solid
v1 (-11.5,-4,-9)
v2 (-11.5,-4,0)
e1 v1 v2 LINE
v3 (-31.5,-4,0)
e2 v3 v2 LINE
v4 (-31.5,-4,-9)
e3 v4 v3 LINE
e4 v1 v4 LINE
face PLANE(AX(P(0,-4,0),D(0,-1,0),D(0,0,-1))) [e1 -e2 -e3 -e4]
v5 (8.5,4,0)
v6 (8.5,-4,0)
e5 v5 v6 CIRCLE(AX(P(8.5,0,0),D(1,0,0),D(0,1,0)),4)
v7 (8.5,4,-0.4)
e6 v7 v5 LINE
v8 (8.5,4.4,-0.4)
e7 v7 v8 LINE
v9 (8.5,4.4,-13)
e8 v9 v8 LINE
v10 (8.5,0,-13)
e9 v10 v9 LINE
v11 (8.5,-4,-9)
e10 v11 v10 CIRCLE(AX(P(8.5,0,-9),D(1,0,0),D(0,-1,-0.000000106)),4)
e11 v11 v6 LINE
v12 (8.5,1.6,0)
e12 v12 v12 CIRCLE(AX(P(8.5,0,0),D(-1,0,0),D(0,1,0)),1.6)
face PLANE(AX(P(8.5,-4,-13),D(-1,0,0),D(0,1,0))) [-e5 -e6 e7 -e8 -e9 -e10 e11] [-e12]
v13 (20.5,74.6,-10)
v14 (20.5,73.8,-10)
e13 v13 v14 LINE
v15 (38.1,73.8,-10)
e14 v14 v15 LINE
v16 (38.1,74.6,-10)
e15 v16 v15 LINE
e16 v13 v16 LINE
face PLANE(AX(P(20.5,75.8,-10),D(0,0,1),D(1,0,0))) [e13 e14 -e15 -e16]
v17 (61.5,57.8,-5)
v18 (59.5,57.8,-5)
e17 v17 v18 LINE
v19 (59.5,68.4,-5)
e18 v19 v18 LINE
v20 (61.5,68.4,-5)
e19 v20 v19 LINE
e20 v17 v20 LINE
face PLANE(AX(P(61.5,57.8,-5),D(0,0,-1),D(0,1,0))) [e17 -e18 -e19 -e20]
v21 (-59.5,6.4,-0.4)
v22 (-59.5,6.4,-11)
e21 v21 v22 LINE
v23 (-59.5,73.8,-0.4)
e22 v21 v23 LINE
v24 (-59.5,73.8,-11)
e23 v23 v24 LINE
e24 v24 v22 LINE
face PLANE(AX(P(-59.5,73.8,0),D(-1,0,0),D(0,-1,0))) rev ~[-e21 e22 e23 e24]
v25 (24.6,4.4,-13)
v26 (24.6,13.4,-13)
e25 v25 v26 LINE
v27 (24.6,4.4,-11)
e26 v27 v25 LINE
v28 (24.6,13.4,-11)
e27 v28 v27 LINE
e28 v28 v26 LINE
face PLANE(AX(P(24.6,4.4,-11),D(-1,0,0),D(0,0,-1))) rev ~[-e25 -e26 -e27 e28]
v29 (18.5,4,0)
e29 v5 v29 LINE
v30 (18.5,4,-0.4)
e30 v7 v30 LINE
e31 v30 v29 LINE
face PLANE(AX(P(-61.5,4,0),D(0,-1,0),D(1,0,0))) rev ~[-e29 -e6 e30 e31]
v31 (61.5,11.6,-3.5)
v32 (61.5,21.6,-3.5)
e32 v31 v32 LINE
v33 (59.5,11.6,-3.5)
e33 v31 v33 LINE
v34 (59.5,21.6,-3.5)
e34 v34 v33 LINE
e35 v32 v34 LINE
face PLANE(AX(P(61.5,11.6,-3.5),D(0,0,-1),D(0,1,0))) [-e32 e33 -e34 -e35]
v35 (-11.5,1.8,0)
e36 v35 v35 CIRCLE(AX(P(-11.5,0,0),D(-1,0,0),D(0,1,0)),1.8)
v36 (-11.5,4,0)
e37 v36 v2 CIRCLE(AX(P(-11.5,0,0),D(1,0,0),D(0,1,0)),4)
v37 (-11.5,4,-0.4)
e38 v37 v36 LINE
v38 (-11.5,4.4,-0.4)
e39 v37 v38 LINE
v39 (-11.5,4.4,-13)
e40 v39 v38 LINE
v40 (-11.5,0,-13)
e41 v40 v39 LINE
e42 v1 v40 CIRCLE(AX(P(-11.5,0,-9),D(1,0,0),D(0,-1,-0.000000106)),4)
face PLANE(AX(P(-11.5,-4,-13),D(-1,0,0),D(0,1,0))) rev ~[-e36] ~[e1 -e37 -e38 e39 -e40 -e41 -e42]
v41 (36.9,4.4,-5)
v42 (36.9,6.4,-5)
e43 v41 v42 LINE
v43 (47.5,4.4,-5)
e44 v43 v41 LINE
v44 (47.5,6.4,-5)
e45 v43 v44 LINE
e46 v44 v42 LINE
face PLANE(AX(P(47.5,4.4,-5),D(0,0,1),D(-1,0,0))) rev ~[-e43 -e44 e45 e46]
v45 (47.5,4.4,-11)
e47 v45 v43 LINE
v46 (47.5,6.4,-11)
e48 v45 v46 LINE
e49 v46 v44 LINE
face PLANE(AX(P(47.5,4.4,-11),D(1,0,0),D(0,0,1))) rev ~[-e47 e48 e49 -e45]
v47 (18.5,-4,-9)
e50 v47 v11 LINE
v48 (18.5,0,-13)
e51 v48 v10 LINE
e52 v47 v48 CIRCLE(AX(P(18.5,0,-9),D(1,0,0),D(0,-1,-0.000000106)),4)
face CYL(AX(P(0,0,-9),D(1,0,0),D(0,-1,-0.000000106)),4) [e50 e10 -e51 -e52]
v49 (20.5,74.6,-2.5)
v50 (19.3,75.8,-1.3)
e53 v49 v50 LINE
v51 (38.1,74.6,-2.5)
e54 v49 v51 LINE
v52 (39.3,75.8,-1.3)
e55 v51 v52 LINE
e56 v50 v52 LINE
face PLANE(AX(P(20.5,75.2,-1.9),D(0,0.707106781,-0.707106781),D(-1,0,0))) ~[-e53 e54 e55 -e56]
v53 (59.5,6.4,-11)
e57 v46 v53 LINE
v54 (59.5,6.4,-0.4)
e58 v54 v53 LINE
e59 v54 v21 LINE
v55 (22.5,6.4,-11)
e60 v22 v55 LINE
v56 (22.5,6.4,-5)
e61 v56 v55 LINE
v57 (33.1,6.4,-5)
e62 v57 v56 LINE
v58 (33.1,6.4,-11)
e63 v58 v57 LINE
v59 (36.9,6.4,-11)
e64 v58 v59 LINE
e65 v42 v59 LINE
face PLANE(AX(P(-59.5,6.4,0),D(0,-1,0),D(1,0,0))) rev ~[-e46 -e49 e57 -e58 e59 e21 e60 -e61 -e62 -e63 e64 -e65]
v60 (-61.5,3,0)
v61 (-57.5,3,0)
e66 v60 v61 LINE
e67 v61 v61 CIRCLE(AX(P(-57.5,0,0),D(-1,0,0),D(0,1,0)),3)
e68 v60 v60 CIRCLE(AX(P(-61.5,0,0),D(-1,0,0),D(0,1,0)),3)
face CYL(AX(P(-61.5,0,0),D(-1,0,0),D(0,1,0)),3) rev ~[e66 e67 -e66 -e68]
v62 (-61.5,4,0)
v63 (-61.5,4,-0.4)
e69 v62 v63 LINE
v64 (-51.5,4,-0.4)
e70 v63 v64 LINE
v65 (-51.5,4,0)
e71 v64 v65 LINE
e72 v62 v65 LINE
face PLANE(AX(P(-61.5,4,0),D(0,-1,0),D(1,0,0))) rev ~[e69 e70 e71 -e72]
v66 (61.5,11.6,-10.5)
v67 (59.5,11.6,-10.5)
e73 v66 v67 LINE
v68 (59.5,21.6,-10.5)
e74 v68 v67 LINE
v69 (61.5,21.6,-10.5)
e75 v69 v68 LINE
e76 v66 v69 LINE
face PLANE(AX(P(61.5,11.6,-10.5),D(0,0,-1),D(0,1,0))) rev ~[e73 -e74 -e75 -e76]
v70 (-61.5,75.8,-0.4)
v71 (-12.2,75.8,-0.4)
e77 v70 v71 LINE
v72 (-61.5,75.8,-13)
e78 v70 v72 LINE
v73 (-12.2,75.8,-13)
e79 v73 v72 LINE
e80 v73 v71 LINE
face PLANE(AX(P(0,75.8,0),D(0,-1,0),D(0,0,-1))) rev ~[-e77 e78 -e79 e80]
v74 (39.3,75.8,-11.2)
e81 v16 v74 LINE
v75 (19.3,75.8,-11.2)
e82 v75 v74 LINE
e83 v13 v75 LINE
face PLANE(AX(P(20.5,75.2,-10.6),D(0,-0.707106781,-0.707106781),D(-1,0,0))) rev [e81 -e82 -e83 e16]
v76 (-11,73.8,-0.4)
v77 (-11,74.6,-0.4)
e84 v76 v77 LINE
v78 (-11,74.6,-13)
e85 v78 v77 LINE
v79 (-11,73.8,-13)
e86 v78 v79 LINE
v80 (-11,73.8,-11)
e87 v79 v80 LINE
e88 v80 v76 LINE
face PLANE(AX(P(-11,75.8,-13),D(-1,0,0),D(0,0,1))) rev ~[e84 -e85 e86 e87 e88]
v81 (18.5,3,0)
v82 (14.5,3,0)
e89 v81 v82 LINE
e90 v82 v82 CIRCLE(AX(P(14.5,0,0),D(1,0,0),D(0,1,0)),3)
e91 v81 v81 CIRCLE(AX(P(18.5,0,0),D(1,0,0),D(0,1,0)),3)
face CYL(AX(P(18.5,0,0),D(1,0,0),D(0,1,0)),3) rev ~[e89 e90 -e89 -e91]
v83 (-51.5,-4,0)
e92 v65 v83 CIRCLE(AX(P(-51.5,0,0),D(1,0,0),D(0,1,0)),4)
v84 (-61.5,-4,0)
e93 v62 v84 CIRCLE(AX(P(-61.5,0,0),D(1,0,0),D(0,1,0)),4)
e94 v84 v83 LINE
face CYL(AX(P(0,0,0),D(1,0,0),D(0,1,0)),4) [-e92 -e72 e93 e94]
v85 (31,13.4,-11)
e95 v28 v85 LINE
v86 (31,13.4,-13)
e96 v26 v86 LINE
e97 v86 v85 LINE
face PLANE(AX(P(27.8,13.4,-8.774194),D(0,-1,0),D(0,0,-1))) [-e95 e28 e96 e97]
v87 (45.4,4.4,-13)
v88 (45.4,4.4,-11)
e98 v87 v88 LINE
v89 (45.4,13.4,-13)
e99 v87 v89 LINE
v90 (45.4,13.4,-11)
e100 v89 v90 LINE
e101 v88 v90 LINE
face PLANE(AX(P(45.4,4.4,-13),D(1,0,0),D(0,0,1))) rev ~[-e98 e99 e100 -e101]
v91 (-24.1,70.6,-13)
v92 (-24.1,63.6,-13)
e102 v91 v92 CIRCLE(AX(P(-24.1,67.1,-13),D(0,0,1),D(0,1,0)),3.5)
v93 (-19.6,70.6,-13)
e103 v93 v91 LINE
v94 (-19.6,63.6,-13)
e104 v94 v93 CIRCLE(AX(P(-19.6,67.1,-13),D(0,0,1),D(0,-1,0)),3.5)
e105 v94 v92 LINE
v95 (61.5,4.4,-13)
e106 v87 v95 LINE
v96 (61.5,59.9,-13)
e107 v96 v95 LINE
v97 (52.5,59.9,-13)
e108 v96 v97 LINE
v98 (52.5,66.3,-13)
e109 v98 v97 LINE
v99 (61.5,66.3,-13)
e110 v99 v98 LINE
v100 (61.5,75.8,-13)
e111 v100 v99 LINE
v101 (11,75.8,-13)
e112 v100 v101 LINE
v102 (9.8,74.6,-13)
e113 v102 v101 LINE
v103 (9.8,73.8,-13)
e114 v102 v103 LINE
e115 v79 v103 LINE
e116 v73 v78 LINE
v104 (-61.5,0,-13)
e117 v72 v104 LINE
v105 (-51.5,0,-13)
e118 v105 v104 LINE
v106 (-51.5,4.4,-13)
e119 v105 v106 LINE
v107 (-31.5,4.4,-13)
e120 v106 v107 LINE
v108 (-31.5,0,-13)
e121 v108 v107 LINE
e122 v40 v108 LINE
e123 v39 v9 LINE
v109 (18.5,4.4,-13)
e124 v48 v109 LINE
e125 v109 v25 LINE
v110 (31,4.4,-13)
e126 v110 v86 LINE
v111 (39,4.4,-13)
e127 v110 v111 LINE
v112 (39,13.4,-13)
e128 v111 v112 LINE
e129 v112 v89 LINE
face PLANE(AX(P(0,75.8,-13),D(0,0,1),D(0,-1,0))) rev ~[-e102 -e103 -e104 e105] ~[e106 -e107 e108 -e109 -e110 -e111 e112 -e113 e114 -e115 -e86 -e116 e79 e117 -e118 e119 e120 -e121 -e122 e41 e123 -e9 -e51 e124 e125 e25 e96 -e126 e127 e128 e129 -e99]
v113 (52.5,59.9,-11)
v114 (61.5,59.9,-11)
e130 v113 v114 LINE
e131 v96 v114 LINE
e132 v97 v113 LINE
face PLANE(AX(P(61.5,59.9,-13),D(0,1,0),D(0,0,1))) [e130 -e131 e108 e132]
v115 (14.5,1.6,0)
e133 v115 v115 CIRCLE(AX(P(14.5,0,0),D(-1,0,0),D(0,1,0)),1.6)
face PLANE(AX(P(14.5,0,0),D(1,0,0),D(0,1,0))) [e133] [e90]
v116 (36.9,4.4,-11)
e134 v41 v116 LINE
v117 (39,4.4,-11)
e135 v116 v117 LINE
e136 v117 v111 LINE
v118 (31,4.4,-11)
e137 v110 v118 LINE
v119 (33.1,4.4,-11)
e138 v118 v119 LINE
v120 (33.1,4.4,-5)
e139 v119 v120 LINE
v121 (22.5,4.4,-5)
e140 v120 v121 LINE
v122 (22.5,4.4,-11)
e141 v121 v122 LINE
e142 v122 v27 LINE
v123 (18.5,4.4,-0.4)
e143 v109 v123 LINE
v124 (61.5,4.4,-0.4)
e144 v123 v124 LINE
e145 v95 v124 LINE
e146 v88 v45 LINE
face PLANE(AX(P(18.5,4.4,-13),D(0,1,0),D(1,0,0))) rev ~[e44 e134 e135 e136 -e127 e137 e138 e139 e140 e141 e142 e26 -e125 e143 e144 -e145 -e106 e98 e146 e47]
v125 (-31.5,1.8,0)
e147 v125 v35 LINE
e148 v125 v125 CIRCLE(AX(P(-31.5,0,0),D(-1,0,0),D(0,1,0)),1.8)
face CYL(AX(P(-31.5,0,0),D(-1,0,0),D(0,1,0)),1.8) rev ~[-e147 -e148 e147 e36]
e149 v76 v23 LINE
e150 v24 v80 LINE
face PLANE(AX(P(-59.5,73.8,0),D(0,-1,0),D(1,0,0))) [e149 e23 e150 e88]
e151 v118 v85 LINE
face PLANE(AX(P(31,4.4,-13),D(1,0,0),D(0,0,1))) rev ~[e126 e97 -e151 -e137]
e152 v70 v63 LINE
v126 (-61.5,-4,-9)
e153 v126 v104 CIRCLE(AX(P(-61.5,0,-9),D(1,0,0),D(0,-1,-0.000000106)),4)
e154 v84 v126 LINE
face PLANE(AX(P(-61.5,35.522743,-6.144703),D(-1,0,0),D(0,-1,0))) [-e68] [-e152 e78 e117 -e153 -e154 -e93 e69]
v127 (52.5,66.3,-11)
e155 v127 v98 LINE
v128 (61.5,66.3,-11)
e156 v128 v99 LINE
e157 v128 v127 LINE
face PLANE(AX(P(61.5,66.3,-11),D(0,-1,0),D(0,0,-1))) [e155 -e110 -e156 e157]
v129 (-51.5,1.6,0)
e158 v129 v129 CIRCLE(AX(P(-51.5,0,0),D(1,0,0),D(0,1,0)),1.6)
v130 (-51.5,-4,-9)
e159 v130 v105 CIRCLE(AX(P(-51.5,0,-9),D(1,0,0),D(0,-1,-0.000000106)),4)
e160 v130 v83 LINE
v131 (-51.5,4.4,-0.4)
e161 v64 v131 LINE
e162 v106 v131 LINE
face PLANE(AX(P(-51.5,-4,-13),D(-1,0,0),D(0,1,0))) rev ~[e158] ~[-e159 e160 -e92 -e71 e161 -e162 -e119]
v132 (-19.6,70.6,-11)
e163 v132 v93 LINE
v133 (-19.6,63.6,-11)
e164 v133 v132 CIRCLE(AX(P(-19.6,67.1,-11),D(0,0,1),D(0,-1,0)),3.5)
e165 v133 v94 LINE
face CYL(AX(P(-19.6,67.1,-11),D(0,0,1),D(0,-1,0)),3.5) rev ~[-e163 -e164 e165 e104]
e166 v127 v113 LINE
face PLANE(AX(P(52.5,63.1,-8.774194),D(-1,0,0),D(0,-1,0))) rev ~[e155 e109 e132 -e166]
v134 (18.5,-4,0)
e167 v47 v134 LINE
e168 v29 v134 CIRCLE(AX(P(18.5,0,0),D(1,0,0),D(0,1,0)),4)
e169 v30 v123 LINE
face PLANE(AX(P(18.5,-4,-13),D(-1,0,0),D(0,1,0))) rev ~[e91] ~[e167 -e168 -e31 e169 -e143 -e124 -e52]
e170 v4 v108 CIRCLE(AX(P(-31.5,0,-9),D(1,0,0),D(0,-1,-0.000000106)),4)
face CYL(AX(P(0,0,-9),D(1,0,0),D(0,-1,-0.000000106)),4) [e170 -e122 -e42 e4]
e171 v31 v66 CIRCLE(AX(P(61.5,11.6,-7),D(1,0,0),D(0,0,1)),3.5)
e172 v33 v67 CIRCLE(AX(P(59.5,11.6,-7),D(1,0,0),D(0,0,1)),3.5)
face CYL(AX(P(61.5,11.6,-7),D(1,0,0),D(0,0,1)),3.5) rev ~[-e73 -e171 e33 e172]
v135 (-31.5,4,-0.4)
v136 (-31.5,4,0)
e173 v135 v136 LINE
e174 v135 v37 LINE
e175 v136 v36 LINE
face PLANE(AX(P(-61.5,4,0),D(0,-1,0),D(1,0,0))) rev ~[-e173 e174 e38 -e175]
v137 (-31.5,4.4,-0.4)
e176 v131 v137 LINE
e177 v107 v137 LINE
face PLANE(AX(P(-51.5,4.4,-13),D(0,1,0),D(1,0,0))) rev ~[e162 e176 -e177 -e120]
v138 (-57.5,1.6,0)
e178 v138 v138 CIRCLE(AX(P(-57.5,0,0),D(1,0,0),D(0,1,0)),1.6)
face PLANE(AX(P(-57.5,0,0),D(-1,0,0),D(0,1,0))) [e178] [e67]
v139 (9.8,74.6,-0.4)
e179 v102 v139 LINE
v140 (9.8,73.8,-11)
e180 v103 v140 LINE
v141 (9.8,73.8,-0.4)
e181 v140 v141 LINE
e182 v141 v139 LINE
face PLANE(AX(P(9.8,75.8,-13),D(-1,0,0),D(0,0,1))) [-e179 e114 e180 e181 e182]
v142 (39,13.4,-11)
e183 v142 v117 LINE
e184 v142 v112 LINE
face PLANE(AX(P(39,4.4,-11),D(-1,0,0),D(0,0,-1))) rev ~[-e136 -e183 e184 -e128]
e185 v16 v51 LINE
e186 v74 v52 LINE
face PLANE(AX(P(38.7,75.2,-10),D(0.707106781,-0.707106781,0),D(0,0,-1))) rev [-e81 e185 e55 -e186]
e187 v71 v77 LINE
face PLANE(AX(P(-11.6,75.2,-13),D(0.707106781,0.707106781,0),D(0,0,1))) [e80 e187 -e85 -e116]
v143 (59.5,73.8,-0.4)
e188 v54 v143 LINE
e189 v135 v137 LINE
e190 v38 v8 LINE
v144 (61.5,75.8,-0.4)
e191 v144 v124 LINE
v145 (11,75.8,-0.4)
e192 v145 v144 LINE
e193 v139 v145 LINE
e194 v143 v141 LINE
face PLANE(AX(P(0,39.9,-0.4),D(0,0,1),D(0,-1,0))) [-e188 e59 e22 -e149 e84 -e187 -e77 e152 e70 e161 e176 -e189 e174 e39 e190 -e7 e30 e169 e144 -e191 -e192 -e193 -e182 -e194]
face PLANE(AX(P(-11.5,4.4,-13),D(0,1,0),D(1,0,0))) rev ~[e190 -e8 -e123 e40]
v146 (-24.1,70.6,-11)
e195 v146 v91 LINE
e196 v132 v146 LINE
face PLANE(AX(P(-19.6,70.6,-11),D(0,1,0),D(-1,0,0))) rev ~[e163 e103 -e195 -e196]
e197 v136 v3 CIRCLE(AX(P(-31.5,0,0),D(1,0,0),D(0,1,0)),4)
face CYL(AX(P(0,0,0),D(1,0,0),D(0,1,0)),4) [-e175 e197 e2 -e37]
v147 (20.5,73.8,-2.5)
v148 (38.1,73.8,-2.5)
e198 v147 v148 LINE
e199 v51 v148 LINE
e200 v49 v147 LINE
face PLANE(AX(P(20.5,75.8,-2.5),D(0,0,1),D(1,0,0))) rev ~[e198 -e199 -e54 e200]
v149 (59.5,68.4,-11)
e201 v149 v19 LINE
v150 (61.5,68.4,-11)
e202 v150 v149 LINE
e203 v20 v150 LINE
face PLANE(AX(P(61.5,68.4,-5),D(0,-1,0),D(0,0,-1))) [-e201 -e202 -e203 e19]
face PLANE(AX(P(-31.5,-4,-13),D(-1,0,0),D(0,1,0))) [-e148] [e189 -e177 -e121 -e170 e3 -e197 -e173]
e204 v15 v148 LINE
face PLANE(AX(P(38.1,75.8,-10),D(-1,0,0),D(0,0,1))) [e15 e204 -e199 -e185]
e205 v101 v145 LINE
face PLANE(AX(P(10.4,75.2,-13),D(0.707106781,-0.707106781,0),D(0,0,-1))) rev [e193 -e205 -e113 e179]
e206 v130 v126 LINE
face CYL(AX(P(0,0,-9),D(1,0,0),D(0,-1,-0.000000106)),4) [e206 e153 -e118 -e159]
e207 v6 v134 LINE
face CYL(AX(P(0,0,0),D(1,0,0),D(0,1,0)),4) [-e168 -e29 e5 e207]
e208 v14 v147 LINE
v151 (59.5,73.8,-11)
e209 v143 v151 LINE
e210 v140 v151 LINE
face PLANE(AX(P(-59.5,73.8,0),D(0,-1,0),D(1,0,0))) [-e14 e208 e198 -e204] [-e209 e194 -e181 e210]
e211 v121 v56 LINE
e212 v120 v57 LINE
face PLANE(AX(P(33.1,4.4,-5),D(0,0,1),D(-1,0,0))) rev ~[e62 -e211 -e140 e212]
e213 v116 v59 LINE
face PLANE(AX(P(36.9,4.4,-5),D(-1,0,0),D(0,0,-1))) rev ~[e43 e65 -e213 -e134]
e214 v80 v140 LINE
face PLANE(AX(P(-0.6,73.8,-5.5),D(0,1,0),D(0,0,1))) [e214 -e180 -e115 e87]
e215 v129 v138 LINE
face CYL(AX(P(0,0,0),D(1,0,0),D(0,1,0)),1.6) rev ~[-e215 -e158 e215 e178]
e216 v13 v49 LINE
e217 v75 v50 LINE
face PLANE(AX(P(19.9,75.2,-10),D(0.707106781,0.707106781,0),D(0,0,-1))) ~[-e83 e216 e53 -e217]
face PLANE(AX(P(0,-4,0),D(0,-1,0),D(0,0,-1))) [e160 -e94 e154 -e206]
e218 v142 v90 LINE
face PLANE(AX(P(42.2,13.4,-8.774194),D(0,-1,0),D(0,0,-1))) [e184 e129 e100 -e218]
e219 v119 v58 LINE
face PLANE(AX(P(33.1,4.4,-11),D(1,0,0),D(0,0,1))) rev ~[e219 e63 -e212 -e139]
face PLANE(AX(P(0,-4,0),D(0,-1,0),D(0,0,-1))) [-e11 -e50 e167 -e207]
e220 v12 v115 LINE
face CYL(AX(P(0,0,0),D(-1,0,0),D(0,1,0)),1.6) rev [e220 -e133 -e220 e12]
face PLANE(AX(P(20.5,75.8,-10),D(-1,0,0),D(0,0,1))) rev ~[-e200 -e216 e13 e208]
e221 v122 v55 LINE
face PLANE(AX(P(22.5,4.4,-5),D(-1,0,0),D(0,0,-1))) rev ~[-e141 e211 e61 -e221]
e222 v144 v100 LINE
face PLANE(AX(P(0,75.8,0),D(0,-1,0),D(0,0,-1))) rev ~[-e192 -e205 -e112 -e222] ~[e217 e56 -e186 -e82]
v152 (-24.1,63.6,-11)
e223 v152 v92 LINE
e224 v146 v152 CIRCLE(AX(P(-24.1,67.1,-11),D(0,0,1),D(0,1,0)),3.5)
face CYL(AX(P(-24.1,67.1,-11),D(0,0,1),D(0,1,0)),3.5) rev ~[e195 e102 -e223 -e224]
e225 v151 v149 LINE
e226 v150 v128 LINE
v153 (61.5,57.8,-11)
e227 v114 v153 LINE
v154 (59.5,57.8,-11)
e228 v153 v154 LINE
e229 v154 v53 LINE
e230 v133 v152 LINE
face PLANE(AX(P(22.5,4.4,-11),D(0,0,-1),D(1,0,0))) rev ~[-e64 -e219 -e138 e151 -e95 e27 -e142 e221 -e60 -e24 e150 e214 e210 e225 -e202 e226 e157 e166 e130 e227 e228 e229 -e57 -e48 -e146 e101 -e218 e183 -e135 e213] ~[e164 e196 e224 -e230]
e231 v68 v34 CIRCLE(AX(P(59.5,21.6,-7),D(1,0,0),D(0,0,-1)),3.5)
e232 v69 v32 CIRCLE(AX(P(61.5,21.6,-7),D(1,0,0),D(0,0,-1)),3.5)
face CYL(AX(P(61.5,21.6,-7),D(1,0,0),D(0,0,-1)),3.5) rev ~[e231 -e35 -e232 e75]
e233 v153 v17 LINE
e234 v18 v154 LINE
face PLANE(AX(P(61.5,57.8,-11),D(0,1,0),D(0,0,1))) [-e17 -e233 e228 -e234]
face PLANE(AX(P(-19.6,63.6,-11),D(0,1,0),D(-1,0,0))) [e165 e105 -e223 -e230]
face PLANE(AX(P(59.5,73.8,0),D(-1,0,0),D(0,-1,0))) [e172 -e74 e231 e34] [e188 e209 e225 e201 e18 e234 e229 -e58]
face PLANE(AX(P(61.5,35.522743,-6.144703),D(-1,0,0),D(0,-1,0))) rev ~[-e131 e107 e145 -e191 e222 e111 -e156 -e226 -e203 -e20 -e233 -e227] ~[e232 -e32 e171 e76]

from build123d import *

# Parameters (mm, degrees)
SKETCH035_R     = 1.6
PAD_DEPTH       = 61.5
PAD_DEPTH_BACK  = 61.5
SKETCH037_W     = 8.4
SKETCH037_H     = 43
SKETCH037_H_2   = 20
POCKET007_DEPTH = 17.001
SKETCH038_R     = 3
POCKET008_DEPTH = 4
SKETCH039_R     = 3
POCKET009_DEPTH = 4
SKETCH041_W     = 67.4
SKETCH041_H     = 119
POCKET011_DEPTH = 11
POCKET012_DEPTH = 2
SKETCH043_W     = 7.5
SKETCH043_H     = 17.6
SKETCH043_W_2   = 15
SKETCH043_H_2   = 20.8
POCKET013_DEPTH = 2
POCKET014_DEPTH = 9
POCKET015_DEPTH = 9
CHAMFER_SIZE    = 1.2
SKETCH062_R     = 1.8
POCKET020_DEPTH = 20
SKETCH071_W     = 71.8
SKETCH071_H     = 123
POCKET026_DEPTH = 0.4


with BuildPart() as part:
    # Sketch035 → Pad (new body, two sides)
    with BuildSketch(Plane.YZ) as pad_sk:
        with BuildLine():
            Line((75.8, 0), (75.8, -13))
            Line((75.8, -13), (0, -13))
            ThreePointArc((-4, -9), (-2.828427, -11.828427), (0, -13))
            Line((-4, 0), (-4, -9))
            ThreePointArc((4, 0), (0, 4), (-4, 0))
            Line((4, 0), (4.4, 0))
            Line((4.4, 0), (75.8, 0))
        make_face()
        Circle(SKETCH035_R, mode=Mode.SUBTRACT)
    extrude(amount=PAD_DEPTH)
    extrude(pad_sk.sketch, amount=-PAD_DEPTH_BACK)

    # Sketch037 (on Face4 of Pad) → Pocket007 (cut, through all)
    with BuildSketch(Plane.YX.offset(13)):
        with Locations((0.2, 40)):
            Rectangle(SKETCH037_W, SKETCH037_H)
        with Locations((0.2, -1.5)):
            Rectangle(SKETCH037_W, SKETCH037_H_2)
        with Locations((0.2, -41.5)):
            Rectangle(SKETCH037_W, SKETCH037_H_2)
    extrude(amount=-POCKET007_DEPTH, mode=Mode.SUBTRACT)

    # Sketch038 (on Face22 of Pocket007) → Pocket008 (cut)
    with BuildSketch(Plane.YZ.offset(18.5)):
        Circle(SKETCH038_R)
    extrude(amount=-POCKET008_DEPTH, mode=Mode.SUBTRACT)

    # Sketch039 (on Face2 of Pocket008) → Pocket009 (cut)
    with BuildSketch(Plane(origin=(-61.5, 0, 0), x_dir=(0, 1, 0), z_dir=(-1, 0, 0))):
        Circle(SKETCH039_R)
    extrude(amount=-POCKET009_DEPTH, mode=Mode.SUBTRACT)

    # Sketch041 (on Face3 of Pocket009) → Pocket011 (cut)
    with BuildSketch(Plane(origin=(0, 0, 0), x_dir=(0, -1, 0), z_dir=(0, 0, 1))):
        with Locations((-40.1, 0)):
            Rectangle(SKETCH041_W, SKETCH041_H)
    extrude(amount=-POCKET011_DEPTH, mode=Mode.SUBTRACT)

    # Sketch042 (on Face31 of Pocket011) → Pocket012 (cut)
    with BuildSketch(Plane(origin=(0, 0, -11), x_dir=(0, -1, 0), z_dir=(0, 0, 1))):
        with BuildLine():
            ThreePointArc((-63.6, -19.6), (-67.1, -16.1), (-70.6, -19.6))
            Line((-70.6, -19.6), (-70.6, -24.1))
            ThreePointArc((-70.6, -24.1), (-67.1, -27.6), (-63.6, -24.1))
            Line((-63.6, -19.6), (-63.6, -24.1))
        make_face()
    extrude(amount=-POCKET012_DEPTH, mode=Mode.SUBTRACT)

    # Sketch043 (on Face7 of Pocket012) → Pocket013 (cut)
    with BuildSketch(Plane.ZX.offset(75.8)):
        with Locations((-6.25, 29.3)):
            Rectangle(SKETCH043_W, SKETCH043_H)
        with Locations((-5.5, -0.6)):
            Rectangle(SKETCH043_W_2, SKETCH043_H_2)
    extrude(amount=-POCKET013_DEPTH, mode=Mode.SUBTRACT)

    # Sketch044 (on Face19 of Pocket013) → Pocket014 (cut)
    with BuildSketch(Plane.YZ.offset(61.5)):
        with BuildLine():
            ThreePointArc((11.6, -3.5), (8.1, -7), (11.6, -10.5))
            Line((11.6, -10.5), (21.6, -10.5))
            ThreePointArc((21.6, -10.5), (25.1, -7), (21.6, -3.5))
            Line((11.6, -3.5), (21.6, -3.5))
        make_face()
        Polygon((57.8, -5), (68.4, -5), (68.4, -11), (66.3, -11), (66.3, -13), (59.9, -13), (59.9, -11), (57.8, -11), align=None)
    extrude(amount=-POCKET014_DEPTH, mode=Mode.SUBTRACT)

    # Sketch045 (on Face20 of Pocket014) → Pocket015 (cut)
    with BuildSketch(Plane(origin=(0, 4.4, 0), x_dir=(0, 0, -1), z_dir=(0, -1, 0))):
        Polygon((5, 33.1), (5, 22.5), (11, 22.5), (11, 24.6), (13, 24.6), (13, 31), (11, 31), (11, 33.1), align=None)
        Polygon((5, 36.9), (11, 36.9), (11, 39), (13, 39), (13, 45.4), (11, 45.4), (11, 47.5), (5, 47.5), align=None)
    extrude(amount=-POCKET015_DEPTH, mode=Mode.SUBTRACT)

    # Chamfer
    chamfer_edges = [part.edges().sort_by_distance(p)[0] for p in [
        (9.8, 75.8, -6.5),
        (-11, 75.8, -6.5),
        (38.1, 75.8, -6.25),
        (29.3, 75.8, -2.5),
        (20.5, 75.8, -6.25),
        (29.3, 75.8, -10),
    ]]
    chamfer(chamfer_edges, length=CHAMFER_SIZE)

    # Sketch062 (on Face29 of Chamfer) → Pocket020 (cut)
    with BuildSketch(Plane(origin=(-31.5, 0, 0), x_dir=(0, 1, 0), z_dir=(-1, 0, 0))):
        Circle(SKETCH062_R)
    extrude(amount=-POCKET020_DEPTH, mode=Mode.SUBTRACT)

    # Sketch071 (on Face1 of Pocket020) → Pocket026 (cut)
    with BuildSketch(Plane(origin=(0, 0, 0), x_dir=(0, -1, 0), z_dir=(0, 0, 1))):
        with Locations((-39.9, 0)):
            Rectangle(SKETCH071_W, SKETCH071_H)
    extrude(amount=-POCKET026_DEPTH, mode=Mode.SUBTRACT)


solid = part.part
